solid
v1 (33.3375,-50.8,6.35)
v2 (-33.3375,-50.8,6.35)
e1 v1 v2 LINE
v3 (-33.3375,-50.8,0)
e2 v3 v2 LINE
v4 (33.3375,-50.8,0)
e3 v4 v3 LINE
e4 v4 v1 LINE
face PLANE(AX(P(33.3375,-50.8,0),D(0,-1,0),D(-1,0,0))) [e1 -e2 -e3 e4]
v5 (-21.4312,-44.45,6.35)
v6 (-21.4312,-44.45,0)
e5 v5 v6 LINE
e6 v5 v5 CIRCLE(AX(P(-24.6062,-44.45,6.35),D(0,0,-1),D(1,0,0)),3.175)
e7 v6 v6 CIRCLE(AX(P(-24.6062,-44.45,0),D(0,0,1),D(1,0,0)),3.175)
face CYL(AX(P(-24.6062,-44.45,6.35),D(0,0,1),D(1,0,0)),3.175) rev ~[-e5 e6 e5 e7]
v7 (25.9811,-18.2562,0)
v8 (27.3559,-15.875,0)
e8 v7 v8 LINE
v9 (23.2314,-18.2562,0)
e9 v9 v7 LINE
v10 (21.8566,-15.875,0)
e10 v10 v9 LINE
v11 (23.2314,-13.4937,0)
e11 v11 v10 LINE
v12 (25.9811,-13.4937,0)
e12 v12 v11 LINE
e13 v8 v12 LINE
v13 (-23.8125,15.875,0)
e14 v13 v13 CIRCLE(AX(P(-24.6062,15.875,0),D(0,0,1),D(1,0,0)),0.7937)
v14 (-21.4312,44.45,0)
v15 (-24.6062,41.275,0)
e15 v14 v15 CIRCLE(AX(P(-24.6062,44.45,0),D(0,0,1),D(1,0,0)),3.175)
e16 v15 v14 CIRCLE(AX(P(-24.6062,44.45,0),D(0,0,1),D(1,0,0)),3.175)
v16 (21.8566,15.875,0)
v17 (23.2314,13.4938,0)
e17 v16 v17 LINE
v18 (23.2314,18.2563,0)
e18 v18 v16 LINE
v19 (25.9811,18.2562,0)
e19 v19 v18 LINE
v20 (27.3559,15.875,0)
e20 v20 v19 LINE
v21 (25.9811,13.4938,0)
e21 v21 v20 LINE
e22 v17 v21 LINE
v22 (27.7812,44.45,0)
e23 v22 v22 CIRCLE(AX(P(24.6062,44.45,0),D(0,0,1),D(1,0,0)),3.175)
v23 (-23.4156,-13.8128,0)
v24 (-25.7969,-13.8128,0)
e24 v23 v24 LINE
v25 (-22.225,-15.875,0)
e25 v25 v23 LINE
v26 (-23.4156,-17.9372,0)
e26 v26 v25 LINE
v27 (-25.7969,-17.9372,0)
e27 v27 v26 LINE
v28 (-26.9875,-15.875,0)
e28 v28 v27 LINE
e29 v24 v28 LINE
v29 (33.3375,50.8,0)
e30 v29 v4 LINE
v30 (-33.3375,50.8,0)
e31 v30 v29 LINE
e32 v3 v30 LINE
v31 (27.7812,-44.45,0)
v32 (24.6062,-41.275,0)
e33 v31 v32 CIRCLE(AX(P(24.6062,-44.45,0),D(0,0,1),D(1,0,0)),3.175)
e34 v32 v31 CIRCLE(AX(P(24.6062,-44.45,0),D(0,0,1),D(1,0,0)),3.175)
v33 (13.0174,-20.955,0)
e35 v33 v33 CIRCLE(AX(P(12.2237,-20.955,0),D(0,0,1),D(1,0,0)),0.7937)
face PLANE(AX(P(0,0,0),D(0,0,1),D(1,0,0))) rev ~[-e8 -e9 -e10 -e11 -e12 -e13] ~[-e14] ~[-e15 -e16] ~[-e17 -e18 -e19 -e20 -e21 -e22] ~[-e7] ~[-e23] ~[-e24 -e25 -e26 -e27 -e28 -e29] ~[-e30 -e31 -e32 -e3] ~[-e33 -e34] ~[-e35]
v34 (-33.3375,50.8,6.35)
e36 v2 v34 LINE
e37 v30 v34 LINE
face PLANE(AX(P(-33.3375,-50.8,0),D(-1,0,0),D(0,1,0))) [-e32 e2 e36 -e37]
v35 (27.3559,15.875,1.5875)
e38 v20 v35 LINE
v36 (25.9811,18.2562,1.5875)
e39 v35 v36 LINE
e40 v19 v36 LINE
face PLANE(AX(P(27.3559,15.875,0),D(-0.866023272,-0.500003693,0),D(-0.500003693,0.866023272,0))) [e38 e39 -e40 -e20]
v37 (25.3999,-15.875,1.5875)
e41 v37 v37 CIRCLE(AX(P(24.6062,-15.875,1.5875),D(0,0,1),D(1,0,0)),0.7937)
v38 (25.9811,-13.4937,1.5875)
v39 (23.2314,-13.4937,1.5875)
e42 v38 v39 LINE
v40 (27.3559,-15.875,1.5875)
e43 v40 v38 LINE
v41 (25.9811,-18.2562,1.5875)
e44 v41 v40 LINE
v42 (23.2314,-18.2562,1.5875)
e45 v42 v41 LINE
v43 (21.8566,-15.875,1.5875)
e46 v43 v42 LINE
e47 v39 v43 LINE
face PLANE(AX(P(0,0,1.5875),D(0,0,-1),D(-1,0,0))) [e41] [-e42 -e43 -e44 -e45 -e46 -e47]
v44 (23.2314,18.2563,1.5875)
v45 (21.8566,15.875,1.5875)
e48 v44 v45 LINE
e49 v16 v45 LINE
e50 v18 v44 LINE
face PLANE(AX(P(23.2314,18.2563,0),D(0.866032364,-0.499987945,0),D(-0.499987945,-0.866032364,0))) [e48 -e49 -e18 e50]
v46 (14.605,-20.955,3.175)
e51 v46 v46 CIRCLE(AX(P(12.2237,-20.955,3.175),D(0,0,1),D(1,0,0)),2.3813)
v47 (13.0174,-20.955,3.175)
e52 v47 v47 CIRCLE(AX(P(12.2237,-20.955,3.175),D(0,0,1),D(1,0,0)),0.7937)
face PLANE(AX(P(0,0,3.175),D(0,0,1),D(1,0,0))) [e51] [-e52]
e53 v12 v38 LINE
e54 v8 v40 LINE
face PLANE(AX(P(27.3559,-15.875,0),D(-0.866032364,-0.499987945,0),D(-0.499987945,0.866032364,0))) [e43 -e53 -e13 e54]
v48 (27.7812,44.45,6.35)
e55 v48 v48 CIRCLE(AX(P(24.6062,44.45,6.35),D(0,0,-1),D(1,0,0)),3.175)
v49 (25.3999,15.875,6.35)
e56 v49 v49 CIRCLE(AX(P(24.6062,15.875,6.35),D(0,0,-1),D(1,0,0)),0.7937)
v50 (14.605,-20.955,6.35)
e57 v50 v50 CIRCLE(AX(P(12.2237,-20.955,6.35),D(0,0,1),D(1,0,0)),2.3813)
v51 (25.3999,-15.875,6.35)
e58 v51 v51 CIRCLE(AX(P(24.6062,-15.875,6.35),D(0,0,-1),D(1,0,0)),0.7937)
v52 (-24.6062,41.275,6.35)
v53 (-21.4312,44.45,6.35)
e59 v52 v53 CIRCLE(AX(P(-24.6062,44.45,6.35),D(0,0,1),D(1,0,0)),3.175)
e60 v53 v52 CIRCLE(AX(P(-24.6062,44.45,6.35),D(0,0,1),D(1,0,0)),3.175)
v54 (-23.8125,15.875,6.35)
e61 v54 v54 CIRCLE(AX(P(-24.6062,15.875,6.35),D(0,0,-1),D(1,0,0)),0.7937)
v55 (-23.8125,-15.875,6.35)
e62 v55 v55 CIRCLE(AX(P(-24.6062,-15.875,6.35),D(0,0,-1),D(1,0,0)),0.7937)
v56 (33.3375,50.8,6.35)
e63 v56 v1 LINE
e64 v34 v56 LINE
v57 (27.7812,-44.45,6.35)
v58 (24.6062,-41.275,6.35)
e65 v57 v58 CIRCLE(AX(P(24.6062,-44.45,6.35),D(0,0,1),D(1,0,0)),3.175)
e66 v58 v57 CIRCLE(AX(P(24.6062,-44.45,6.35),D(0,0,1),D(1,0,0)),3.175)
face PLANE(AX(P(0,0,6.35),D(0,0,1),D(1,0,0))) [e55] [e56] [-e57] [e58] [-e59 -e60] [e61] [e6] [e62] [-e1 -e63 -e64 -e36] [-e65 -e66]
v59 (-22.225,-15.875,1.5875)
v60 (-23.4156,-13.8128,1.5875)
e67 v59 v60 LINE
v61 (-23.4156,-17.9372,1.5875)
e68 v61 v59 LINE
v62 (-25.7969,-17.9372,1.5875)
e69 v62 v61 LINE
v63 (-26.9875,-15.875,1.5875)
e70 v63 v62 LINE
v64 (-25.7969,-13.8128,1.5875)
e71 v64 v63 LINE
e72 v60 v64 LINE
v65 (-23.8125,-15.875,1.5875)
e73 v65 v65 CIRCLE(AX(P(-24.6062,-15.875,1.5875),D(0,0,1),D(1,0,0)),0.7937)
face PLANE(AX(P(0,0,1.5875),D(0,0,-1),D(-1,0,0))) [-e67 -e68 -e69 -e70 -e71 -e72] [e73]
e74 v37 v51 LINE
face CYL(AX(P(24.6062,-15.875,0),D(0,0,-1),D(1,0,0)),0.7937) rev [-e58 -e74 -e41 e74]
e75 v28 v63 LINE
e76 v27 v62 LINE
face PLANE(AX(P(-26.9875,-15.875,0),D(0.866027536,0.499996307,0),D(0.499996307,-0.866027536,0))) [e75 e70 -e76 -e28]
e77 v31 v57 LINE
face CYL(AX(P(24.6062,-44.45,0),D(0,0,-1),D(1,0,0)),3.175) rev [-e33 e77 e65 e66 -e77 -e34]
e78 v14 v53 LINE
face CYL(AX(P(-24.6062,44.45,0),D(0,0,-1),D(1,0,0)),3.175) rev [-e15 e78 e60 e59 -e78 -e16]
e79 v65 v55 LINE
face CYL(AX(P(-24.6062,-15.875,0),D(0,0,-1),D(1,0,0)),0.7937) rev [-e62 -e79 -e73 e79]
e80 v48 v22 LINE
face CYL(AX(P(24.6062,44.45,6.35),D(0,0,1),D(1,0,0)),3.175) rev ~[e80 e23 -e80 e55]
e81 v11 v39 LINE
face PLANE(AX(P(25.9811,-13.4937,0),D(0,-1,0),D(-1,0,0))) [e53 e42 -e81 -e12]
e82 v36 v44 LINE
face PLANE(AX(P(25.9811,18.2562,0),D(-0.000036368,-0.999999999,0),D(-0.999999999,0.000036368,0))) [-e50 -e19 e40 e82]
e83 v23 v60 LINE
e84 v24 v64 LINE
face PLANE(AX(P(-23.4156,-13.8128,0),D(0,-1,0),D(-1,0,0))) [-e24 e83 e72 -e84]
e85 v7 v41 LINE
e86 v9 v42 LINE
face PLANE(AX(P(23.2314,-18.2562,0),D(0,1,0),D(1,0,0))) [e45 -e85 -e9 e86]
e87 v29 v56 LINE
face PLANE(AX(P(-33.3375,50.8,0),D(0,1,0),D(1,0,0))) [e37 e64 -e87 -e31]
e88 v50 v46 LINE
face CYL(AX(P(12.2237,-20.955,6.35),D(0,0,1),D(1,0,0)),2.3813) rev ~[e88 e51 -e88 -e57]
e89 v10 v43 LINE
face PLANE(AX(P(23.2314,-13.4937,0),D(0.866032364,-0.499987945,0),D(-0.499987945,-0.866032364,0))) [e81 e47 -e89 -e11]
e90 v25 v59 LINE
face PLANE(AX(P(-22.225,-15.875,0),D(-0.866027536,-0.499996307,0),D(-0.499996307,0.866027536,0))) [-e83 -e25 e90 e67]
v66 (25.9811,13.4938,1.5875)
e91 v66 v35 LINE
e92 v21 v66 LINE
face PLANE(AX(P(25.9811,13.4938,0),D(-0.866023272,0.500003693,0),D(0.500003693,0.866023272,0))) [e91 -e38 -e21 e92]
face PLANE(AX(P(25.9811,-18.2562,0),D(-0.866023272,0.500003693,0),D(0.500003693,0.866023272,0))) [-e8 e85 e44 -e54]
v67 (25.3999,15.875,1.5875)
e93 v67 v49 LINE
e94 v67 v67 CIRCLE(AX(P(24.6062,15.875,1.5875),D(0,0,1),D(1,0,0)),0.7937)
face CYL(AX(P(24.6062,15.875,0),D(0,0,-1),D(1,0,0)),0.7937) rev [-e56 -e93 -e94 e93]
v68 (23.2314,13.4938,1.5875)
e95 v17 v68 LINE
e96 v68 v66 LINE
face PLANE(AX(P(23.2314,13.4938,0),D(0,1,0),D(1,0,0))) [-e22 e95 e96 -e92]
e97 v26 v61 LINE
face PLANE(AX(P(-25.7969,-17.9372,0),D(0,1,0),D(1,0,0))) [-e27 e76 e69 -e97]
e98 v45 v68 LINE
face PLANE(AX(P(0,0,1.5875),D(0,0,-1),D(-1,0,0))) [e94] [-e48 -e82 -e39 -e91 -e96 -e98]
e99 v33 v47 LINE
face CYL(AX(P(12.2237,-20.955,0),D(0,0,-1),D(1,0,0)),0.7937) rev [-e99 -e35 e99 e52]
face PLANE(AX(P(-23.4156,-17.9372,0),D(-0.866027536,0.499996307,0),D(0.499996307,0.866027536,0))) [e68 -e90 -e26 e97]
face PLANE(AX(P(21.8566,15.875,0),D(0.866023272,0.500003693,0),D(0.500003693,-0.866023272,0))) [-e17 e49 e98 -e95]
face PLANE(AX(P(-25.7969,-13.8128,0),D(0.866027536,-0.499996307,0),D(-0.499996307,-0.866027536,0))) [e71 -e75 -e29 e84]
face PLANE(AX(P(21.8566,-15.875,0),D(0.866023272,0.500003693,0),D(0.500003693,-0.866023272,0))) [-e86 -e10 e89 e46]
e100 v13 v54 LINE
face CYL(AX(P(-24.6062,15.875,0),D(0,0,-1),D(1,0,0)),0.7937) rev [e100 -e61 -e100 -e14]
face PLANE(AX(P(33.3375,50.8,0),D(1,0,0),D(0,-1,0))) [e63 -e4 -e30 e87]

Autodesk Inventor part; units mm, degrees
ref_plane "YZ Plane" through (0, 0, 0) normal (1, 0, 0) x (0, 1, 0)
ref_plane "XZ Plane" through (0, 0, 0) normal (0, 1, 0) x (-1, 0, 0)
ref_plane "XY Plane" through (0, 0, 0) normal (0, 0, 1) x (1, 0, 0)
sketch "Sketch1" plane through (0, 0, 0) normal (0, 0, 1) x (1, 0, 0)
  line L0 (24.6062, -15.875) -> (-24.6062, -15.875)
  line L1 (-24.6062, -15.875) -> (-24.6062, 15.875)
  line L2 (-24.6062, 15.875) -> (24.6062, 15.875)
  line L3 (24.6062, 15.875) -> (24.6062, -15.875)
  line L4 (24.6062, -15.875) -> (-24.6062, 15.875) construction
  line L5 (-24.6062, -15.875) -> (24.6062, 15.875) construction
  circle A0 centre (24.6062, 15.875) radius 0.7937
  circle A1 centre (-24.6062, 15.875) radius 0.7937
  circle A2 centre (24.6062, -15.875) radius 0.7937
  circle A3 centre (-24.6062, -15.875) radius 0.7937
  line L6 (-24.6062, -15.875) -> (-24.6062, -22.225)
  line L7 (-24.6062, -15.875) -> (-30.9563, -15.875)
  line L8 (-30.9563, -22.225) -> (32.5437, -22.225)
  line L9 (32.5437, -22.225) -> (32.5437, 31.75)
  line L10 (32.5437, 31.75) -> (-30.9563, 31.75)
  line L11 (-30.9563, 31.75) -> (-30.9563, -22.225)
  line L12 (24.6062, 15.875) -> (-12.2237, 15.875)
  line L13 (-30.9563, 31.75) -> (-30.9563, -22.225)
  line L14 (-24.6062, 15.875) -> (12.2237, 15.875)
  line L15 (12.2237, 15.875) -> (12.2237, -20.955)
  line L16 (12.2237, -20.955) -> (-24.6062, -20.955)
  line L17 (-24.6062, -20.955) -> (-24.6062, 15.875)
  circle A4 centre (12.2237, -20.955) radius 0.7937
  line L18 (-24.6062, 15.875) -> (-24.6062, 44.45)
  line L19 (24.6062, -15.875) -> (24.6062, -44.45)
  circle A5 centre (24.6062, -44.45) radius 3.175
  circle A6 centre (-24.6062, 44.45) radius 3.175
  line L20 (33.3375, -50.8) -> (-33.3375, -50.8)
  line L21 (-33.3375, -50.8) -> (-33.3375, 50.8)
  line L22 (-33.3375, 50.8) -> (33.3375, 50.8)
  line L23 (33.3375, 50.8) -> (33.3375, -50.8)
  line L24 (33.3375, -50.8) -> (-33.3375, 50.8) construction
  line L25 (-33.3375, -50.8) -> (33.3375, 50.8) construction
  point P0 (0, 0)
  dimension "d0" = 49.2125
  dimension "d1" = 31.75
  dimension "d2" = 1.5875
  dimension "d5" = 49.2125
  dimension "d8" = 31.75
  dimension "d11" = 6.35
  dimension "d12" = 6.35
  dimension "d13" = 63.5
  dimension "d14" = 53.975
  dimension "d25" = 36.83
  dimension "d26" = 36.83
  dimension "d27" = 1.5875
  dimension "d28" = 28.575
  dimension "d29" = 28.575
  dimension "d30" = 6.35
  dimension "d31" = 6.35
  dimension "d32" = 66.675
  dimension "d33" = 101.6
sketch "Sketch3" plane through (0, 0, 0) normal (0, 0, 1) x (1, 0, 0)
  line L0 (24.6062, -15.875) -> (-24.6062, -15.875)
  line L1 (-24.6062, -15.875) -> (-24.6062, 15.875)
  line L2 (-24.6062, 15.875) -> (24.6062, 15.875)
  line L3 (24.6062, 15.875) -> (24.6062, -15.875)
  line L4 (24.6062, -15.875) -> (-24.6062, 15.875) construction
  line L5 (-24.6062, -15.875) -> (24.6062, 15.875) construction
  circle A0 centre (24.6062, 15.875) radius 0.7937
  circle A1 centre (-24.6062, 15.875) radius 0.7937
  circle A2 centre (24.6062, -15.875) radius 0.7937
  circle A3 centre (-24.6062, -15.875) radius 0.7937
  line L6 (-24.6062, -15.875) -> (-24.6062, -22.225)
  line L7 (-24.6062, -15.875) -> (-30.9563, -15.875)
  line L8 (-30.9563, -22.225) -> (32.5437, -22.225)
  line L9 (32.5437, -22.225) -> (32.5437, 31.75)
  line L10 (32.5437, 31.75) -> (-30.9563, 31.75)
  line L11 (-30.9563, 31.75) -> (-30.9563, -22.225)
  line L12 (24.6062, 15.875) -> (-12.2237, 15.875)
  line L13 (-30.9563, 31.75) -> (-30.9563, -22.225)
  line L14 (-24.6062, 15.875) -> (12.2237, 15.875)
  line L15 (12.2237, 15.875) -> (12.2237, -20.955)
  line L16 (12.2237, -20.955) -> (-24.6062, -20.955)
  line L17 (-24.6062, -20.955) -> (-24.6062, 15.875)
  circle A4 centre (12.2237, -20.955) radius 0.7937
  line L18 (-24.6062, 15.875) -> (-24.6062, 44.45)
  line L19 (24.6062, -15.875) -> (24.6062, -44.45)
  circle A5 centre (24.6062, -44.45) radius 3.175
  circle A6 centre (-24.6062, 44.45) radius 3.175
  line L20 (33.3375, -50.8) -> (-33.3375, -50.8)
  line L21 (-33.3375, -50.8) -> (-33.3375, 50.8)
  line L22 (-33.3375, 50.8) -> (33.3375, 50.8)
  line L23 (33.3375, 50.8) -> (33.3375, -50.8)
  line L24 (33.3375, -50.8) -> (-33.3375, 50.8) construction
  line L25 (-33.3375, -50.8) -> (33.3375, 50.8) construction
  point P0 (0, 0)
  dimension "d34" = 49.2125
  dimension "d35" = 31.75
  dimension "d36" = 1.5875
  dimension "d37" = 49.2125
  dimension "d38" = 31.75
  dimension "d39" = 6.35
  dimension "d40" = 6.35
  dimension "d41" = 63.5
  dimension "d42" = 53.975
  dimension "d43" = 36.83
  dimension "d44" = 36.83
  dimension "d45" = 1.5875
  dimension "d46" = 28.575
  dimension "d47" = 28.575
  dimension "d48" = 6.35
  dimension "d49" = 6.35
  dimension "d50" = 66.675
  dimension "d51" = 101.6
extrude "Extrusion2" add sketch "Sketch1" along normal blind 6.35 contours A3 L6 L0 | A3 L1 A1 L2 L15 L0 | L0 L1 A3 | L0 L15 A4 L16 L6 A3 | L7 A3 L1 | L6 A3 L7 | L15 L2 A0 L3 A2 L0 | L0 A2 L19 L8 L6 L16 A4 L15 | A3 L7 L11 L10 L18 A1 L1 | L6 L8 L11 L7 A3 | A2 L3 L0 | L0 L19 A2 | L2 A1 L18 L10 L9 L8 L19 A2 L3 A0 | A4 L16 L15 | L15 L16 A4 | A1 L18 L1 | L1 L2 A1 | L3 A2 L19 | A0 L3 L2 | L2 L3 A0 | L18 A1 L2 | L20 L21 L22 L23
extrude "Extrusion3" cut sketch "Sketch3" along normal blind 6.35 contours A3 L6 L0 | L0 L1 A3 | L7 A3 L1 | L6 A3 L7 | A2 L3 L0 | L0 L19 A2 | A4 L16 L15 | L15 L16 A4 | A1 L18 L1 | L1 L2 A1 | L3 A2 L19 | A0 L3 L2 | L2 L3 A0 | L18 A1 L2
sketch "Sketch7" plane through (0, 0, 0) normal (0, 0, -1) x (-1, 0, 0)
  circle A0 centre (-24.6062, 15.875) radius 0.7937 projected
  circle A1 centre (-12.2237, -20.955) radius 0.7937 projected
  circle A2 centre (24.6062, -15.875) radius 0.7937 projected
  circle A3 centre (24.6062, 15.875) radius 0.7937 projected
  circle A4 centre (-24.6062, -15.875) radius 0.7937 projected
  line L0 (-21.8566, 15.875) -> (-23.2314, 13.4938)
  line L1 (-23.2314, 13.4938) -> (-25.9811, 13.4938)
  line L2 (-25.9811, 13.4938) -> (-27.3559, 15.875)
  line L3 (-27.3559, 15.875) -> (-25.9811, 18.2562)
  line L4 (-25.9811, 18.2562) -> (-23.2314, 18.2563)
  line L5 (-23.2314, 18.2563) -> (-21.8566, 15.875)
  line L6 (-21.8566, -15.875) -> (-23.2314, -18.2562)
  line L7 (-23.2314, -18.2562) -> (-25.9811, -18.2562)
  line L8 (-25.9811, -18.2562) -> (-27.3559, -15.875)
  line L9 (-27.3559, -15.875) -> (-25.9811, -13.4937)
  line L10 (-25.9811, -13.4937) -> (-23.2314, -13.4937)
  line L11 (-23.2314, -13.4937) -> (-21.8566, -15.875)
  line L12 (26.9875, -15.875) -> (25.7969, -17.9372)
  line L13 (25.7969, -17.9372) -> (23.4156, -17.9372)
  line L14 (23.4156, -17.9372) -> (22.225, -15.875)
  line L15 (22.225, -15.875) -> (23.4156, -13.8128)
  line L16 (23.4156, -13.8128) -> (25.7969, -13.8128)
  line L17 (25.7969, -13.8128) -> (26.9875, -15.875)
  point P0 (0, 0)
  dimension "d118" = 4.7625
  dimension "d119" = 4.7625
  dimension "d120" = 4.7625
extrude "Extrusion4" cut sketch "Sketch7" against normal blind 1.5875 contours L0 L1 L2 L3 L4 L5 | L6 L7 L8 L9 L10 L11 | L12 L13 L14 L15 L16 L17
sketch "Sketch8" plane through (0, 0, 6.35) normal (0, 0, 1) x (1, 0, 0)
  circle A0 centre (12.2237, -20.955) radius 0.7937 projected
  circle A1 centre (12.2237, -20.955) radius 2.3813
  point P0 (0, 0)
  dimension "d123" = 4.7625
extrude "Extrusion5" cut sketch "Sketch8" against normal blind 3.175
sketch "Sketch9" plane through (0, 0, 6.35) normal (0, 0, 1) x (1, 0, 0)
  circle A0 centre (24.6062, -44.45) radius 3.175 projected
  circle A1 centre (-24.6062, 44.45) radius 3.175 projected
  line L0 (-24.6062, 44.45) -> (24.6062, 44.45)
  line L1 (24.6062, 44.45) -> (24.6062, -44.45)
  line L2 (24.6062, -44.45) -> (-24.6062, -44.45)
  line L3 (-24.6062, -44.45) -> (-24.6062, 44.45)
  circle A2 centre (-24.6062, -44.45) radius 3.175
  circle A3 centre (24.6062, 44.45) radius 3.175
  point P0 (0, 0)
  dimension "d126" = 6.35
  dimension "d127" = 6.35
extrude "Extrusion6" cut sketch "Sketch9" against normal blind 6.35 contours A3 L0 L1 | L1 L0 A3 | A2 L3 L2 | L2 L3 A2
properties part number "lidarCamMount" material "Polyethylene, High Density"
